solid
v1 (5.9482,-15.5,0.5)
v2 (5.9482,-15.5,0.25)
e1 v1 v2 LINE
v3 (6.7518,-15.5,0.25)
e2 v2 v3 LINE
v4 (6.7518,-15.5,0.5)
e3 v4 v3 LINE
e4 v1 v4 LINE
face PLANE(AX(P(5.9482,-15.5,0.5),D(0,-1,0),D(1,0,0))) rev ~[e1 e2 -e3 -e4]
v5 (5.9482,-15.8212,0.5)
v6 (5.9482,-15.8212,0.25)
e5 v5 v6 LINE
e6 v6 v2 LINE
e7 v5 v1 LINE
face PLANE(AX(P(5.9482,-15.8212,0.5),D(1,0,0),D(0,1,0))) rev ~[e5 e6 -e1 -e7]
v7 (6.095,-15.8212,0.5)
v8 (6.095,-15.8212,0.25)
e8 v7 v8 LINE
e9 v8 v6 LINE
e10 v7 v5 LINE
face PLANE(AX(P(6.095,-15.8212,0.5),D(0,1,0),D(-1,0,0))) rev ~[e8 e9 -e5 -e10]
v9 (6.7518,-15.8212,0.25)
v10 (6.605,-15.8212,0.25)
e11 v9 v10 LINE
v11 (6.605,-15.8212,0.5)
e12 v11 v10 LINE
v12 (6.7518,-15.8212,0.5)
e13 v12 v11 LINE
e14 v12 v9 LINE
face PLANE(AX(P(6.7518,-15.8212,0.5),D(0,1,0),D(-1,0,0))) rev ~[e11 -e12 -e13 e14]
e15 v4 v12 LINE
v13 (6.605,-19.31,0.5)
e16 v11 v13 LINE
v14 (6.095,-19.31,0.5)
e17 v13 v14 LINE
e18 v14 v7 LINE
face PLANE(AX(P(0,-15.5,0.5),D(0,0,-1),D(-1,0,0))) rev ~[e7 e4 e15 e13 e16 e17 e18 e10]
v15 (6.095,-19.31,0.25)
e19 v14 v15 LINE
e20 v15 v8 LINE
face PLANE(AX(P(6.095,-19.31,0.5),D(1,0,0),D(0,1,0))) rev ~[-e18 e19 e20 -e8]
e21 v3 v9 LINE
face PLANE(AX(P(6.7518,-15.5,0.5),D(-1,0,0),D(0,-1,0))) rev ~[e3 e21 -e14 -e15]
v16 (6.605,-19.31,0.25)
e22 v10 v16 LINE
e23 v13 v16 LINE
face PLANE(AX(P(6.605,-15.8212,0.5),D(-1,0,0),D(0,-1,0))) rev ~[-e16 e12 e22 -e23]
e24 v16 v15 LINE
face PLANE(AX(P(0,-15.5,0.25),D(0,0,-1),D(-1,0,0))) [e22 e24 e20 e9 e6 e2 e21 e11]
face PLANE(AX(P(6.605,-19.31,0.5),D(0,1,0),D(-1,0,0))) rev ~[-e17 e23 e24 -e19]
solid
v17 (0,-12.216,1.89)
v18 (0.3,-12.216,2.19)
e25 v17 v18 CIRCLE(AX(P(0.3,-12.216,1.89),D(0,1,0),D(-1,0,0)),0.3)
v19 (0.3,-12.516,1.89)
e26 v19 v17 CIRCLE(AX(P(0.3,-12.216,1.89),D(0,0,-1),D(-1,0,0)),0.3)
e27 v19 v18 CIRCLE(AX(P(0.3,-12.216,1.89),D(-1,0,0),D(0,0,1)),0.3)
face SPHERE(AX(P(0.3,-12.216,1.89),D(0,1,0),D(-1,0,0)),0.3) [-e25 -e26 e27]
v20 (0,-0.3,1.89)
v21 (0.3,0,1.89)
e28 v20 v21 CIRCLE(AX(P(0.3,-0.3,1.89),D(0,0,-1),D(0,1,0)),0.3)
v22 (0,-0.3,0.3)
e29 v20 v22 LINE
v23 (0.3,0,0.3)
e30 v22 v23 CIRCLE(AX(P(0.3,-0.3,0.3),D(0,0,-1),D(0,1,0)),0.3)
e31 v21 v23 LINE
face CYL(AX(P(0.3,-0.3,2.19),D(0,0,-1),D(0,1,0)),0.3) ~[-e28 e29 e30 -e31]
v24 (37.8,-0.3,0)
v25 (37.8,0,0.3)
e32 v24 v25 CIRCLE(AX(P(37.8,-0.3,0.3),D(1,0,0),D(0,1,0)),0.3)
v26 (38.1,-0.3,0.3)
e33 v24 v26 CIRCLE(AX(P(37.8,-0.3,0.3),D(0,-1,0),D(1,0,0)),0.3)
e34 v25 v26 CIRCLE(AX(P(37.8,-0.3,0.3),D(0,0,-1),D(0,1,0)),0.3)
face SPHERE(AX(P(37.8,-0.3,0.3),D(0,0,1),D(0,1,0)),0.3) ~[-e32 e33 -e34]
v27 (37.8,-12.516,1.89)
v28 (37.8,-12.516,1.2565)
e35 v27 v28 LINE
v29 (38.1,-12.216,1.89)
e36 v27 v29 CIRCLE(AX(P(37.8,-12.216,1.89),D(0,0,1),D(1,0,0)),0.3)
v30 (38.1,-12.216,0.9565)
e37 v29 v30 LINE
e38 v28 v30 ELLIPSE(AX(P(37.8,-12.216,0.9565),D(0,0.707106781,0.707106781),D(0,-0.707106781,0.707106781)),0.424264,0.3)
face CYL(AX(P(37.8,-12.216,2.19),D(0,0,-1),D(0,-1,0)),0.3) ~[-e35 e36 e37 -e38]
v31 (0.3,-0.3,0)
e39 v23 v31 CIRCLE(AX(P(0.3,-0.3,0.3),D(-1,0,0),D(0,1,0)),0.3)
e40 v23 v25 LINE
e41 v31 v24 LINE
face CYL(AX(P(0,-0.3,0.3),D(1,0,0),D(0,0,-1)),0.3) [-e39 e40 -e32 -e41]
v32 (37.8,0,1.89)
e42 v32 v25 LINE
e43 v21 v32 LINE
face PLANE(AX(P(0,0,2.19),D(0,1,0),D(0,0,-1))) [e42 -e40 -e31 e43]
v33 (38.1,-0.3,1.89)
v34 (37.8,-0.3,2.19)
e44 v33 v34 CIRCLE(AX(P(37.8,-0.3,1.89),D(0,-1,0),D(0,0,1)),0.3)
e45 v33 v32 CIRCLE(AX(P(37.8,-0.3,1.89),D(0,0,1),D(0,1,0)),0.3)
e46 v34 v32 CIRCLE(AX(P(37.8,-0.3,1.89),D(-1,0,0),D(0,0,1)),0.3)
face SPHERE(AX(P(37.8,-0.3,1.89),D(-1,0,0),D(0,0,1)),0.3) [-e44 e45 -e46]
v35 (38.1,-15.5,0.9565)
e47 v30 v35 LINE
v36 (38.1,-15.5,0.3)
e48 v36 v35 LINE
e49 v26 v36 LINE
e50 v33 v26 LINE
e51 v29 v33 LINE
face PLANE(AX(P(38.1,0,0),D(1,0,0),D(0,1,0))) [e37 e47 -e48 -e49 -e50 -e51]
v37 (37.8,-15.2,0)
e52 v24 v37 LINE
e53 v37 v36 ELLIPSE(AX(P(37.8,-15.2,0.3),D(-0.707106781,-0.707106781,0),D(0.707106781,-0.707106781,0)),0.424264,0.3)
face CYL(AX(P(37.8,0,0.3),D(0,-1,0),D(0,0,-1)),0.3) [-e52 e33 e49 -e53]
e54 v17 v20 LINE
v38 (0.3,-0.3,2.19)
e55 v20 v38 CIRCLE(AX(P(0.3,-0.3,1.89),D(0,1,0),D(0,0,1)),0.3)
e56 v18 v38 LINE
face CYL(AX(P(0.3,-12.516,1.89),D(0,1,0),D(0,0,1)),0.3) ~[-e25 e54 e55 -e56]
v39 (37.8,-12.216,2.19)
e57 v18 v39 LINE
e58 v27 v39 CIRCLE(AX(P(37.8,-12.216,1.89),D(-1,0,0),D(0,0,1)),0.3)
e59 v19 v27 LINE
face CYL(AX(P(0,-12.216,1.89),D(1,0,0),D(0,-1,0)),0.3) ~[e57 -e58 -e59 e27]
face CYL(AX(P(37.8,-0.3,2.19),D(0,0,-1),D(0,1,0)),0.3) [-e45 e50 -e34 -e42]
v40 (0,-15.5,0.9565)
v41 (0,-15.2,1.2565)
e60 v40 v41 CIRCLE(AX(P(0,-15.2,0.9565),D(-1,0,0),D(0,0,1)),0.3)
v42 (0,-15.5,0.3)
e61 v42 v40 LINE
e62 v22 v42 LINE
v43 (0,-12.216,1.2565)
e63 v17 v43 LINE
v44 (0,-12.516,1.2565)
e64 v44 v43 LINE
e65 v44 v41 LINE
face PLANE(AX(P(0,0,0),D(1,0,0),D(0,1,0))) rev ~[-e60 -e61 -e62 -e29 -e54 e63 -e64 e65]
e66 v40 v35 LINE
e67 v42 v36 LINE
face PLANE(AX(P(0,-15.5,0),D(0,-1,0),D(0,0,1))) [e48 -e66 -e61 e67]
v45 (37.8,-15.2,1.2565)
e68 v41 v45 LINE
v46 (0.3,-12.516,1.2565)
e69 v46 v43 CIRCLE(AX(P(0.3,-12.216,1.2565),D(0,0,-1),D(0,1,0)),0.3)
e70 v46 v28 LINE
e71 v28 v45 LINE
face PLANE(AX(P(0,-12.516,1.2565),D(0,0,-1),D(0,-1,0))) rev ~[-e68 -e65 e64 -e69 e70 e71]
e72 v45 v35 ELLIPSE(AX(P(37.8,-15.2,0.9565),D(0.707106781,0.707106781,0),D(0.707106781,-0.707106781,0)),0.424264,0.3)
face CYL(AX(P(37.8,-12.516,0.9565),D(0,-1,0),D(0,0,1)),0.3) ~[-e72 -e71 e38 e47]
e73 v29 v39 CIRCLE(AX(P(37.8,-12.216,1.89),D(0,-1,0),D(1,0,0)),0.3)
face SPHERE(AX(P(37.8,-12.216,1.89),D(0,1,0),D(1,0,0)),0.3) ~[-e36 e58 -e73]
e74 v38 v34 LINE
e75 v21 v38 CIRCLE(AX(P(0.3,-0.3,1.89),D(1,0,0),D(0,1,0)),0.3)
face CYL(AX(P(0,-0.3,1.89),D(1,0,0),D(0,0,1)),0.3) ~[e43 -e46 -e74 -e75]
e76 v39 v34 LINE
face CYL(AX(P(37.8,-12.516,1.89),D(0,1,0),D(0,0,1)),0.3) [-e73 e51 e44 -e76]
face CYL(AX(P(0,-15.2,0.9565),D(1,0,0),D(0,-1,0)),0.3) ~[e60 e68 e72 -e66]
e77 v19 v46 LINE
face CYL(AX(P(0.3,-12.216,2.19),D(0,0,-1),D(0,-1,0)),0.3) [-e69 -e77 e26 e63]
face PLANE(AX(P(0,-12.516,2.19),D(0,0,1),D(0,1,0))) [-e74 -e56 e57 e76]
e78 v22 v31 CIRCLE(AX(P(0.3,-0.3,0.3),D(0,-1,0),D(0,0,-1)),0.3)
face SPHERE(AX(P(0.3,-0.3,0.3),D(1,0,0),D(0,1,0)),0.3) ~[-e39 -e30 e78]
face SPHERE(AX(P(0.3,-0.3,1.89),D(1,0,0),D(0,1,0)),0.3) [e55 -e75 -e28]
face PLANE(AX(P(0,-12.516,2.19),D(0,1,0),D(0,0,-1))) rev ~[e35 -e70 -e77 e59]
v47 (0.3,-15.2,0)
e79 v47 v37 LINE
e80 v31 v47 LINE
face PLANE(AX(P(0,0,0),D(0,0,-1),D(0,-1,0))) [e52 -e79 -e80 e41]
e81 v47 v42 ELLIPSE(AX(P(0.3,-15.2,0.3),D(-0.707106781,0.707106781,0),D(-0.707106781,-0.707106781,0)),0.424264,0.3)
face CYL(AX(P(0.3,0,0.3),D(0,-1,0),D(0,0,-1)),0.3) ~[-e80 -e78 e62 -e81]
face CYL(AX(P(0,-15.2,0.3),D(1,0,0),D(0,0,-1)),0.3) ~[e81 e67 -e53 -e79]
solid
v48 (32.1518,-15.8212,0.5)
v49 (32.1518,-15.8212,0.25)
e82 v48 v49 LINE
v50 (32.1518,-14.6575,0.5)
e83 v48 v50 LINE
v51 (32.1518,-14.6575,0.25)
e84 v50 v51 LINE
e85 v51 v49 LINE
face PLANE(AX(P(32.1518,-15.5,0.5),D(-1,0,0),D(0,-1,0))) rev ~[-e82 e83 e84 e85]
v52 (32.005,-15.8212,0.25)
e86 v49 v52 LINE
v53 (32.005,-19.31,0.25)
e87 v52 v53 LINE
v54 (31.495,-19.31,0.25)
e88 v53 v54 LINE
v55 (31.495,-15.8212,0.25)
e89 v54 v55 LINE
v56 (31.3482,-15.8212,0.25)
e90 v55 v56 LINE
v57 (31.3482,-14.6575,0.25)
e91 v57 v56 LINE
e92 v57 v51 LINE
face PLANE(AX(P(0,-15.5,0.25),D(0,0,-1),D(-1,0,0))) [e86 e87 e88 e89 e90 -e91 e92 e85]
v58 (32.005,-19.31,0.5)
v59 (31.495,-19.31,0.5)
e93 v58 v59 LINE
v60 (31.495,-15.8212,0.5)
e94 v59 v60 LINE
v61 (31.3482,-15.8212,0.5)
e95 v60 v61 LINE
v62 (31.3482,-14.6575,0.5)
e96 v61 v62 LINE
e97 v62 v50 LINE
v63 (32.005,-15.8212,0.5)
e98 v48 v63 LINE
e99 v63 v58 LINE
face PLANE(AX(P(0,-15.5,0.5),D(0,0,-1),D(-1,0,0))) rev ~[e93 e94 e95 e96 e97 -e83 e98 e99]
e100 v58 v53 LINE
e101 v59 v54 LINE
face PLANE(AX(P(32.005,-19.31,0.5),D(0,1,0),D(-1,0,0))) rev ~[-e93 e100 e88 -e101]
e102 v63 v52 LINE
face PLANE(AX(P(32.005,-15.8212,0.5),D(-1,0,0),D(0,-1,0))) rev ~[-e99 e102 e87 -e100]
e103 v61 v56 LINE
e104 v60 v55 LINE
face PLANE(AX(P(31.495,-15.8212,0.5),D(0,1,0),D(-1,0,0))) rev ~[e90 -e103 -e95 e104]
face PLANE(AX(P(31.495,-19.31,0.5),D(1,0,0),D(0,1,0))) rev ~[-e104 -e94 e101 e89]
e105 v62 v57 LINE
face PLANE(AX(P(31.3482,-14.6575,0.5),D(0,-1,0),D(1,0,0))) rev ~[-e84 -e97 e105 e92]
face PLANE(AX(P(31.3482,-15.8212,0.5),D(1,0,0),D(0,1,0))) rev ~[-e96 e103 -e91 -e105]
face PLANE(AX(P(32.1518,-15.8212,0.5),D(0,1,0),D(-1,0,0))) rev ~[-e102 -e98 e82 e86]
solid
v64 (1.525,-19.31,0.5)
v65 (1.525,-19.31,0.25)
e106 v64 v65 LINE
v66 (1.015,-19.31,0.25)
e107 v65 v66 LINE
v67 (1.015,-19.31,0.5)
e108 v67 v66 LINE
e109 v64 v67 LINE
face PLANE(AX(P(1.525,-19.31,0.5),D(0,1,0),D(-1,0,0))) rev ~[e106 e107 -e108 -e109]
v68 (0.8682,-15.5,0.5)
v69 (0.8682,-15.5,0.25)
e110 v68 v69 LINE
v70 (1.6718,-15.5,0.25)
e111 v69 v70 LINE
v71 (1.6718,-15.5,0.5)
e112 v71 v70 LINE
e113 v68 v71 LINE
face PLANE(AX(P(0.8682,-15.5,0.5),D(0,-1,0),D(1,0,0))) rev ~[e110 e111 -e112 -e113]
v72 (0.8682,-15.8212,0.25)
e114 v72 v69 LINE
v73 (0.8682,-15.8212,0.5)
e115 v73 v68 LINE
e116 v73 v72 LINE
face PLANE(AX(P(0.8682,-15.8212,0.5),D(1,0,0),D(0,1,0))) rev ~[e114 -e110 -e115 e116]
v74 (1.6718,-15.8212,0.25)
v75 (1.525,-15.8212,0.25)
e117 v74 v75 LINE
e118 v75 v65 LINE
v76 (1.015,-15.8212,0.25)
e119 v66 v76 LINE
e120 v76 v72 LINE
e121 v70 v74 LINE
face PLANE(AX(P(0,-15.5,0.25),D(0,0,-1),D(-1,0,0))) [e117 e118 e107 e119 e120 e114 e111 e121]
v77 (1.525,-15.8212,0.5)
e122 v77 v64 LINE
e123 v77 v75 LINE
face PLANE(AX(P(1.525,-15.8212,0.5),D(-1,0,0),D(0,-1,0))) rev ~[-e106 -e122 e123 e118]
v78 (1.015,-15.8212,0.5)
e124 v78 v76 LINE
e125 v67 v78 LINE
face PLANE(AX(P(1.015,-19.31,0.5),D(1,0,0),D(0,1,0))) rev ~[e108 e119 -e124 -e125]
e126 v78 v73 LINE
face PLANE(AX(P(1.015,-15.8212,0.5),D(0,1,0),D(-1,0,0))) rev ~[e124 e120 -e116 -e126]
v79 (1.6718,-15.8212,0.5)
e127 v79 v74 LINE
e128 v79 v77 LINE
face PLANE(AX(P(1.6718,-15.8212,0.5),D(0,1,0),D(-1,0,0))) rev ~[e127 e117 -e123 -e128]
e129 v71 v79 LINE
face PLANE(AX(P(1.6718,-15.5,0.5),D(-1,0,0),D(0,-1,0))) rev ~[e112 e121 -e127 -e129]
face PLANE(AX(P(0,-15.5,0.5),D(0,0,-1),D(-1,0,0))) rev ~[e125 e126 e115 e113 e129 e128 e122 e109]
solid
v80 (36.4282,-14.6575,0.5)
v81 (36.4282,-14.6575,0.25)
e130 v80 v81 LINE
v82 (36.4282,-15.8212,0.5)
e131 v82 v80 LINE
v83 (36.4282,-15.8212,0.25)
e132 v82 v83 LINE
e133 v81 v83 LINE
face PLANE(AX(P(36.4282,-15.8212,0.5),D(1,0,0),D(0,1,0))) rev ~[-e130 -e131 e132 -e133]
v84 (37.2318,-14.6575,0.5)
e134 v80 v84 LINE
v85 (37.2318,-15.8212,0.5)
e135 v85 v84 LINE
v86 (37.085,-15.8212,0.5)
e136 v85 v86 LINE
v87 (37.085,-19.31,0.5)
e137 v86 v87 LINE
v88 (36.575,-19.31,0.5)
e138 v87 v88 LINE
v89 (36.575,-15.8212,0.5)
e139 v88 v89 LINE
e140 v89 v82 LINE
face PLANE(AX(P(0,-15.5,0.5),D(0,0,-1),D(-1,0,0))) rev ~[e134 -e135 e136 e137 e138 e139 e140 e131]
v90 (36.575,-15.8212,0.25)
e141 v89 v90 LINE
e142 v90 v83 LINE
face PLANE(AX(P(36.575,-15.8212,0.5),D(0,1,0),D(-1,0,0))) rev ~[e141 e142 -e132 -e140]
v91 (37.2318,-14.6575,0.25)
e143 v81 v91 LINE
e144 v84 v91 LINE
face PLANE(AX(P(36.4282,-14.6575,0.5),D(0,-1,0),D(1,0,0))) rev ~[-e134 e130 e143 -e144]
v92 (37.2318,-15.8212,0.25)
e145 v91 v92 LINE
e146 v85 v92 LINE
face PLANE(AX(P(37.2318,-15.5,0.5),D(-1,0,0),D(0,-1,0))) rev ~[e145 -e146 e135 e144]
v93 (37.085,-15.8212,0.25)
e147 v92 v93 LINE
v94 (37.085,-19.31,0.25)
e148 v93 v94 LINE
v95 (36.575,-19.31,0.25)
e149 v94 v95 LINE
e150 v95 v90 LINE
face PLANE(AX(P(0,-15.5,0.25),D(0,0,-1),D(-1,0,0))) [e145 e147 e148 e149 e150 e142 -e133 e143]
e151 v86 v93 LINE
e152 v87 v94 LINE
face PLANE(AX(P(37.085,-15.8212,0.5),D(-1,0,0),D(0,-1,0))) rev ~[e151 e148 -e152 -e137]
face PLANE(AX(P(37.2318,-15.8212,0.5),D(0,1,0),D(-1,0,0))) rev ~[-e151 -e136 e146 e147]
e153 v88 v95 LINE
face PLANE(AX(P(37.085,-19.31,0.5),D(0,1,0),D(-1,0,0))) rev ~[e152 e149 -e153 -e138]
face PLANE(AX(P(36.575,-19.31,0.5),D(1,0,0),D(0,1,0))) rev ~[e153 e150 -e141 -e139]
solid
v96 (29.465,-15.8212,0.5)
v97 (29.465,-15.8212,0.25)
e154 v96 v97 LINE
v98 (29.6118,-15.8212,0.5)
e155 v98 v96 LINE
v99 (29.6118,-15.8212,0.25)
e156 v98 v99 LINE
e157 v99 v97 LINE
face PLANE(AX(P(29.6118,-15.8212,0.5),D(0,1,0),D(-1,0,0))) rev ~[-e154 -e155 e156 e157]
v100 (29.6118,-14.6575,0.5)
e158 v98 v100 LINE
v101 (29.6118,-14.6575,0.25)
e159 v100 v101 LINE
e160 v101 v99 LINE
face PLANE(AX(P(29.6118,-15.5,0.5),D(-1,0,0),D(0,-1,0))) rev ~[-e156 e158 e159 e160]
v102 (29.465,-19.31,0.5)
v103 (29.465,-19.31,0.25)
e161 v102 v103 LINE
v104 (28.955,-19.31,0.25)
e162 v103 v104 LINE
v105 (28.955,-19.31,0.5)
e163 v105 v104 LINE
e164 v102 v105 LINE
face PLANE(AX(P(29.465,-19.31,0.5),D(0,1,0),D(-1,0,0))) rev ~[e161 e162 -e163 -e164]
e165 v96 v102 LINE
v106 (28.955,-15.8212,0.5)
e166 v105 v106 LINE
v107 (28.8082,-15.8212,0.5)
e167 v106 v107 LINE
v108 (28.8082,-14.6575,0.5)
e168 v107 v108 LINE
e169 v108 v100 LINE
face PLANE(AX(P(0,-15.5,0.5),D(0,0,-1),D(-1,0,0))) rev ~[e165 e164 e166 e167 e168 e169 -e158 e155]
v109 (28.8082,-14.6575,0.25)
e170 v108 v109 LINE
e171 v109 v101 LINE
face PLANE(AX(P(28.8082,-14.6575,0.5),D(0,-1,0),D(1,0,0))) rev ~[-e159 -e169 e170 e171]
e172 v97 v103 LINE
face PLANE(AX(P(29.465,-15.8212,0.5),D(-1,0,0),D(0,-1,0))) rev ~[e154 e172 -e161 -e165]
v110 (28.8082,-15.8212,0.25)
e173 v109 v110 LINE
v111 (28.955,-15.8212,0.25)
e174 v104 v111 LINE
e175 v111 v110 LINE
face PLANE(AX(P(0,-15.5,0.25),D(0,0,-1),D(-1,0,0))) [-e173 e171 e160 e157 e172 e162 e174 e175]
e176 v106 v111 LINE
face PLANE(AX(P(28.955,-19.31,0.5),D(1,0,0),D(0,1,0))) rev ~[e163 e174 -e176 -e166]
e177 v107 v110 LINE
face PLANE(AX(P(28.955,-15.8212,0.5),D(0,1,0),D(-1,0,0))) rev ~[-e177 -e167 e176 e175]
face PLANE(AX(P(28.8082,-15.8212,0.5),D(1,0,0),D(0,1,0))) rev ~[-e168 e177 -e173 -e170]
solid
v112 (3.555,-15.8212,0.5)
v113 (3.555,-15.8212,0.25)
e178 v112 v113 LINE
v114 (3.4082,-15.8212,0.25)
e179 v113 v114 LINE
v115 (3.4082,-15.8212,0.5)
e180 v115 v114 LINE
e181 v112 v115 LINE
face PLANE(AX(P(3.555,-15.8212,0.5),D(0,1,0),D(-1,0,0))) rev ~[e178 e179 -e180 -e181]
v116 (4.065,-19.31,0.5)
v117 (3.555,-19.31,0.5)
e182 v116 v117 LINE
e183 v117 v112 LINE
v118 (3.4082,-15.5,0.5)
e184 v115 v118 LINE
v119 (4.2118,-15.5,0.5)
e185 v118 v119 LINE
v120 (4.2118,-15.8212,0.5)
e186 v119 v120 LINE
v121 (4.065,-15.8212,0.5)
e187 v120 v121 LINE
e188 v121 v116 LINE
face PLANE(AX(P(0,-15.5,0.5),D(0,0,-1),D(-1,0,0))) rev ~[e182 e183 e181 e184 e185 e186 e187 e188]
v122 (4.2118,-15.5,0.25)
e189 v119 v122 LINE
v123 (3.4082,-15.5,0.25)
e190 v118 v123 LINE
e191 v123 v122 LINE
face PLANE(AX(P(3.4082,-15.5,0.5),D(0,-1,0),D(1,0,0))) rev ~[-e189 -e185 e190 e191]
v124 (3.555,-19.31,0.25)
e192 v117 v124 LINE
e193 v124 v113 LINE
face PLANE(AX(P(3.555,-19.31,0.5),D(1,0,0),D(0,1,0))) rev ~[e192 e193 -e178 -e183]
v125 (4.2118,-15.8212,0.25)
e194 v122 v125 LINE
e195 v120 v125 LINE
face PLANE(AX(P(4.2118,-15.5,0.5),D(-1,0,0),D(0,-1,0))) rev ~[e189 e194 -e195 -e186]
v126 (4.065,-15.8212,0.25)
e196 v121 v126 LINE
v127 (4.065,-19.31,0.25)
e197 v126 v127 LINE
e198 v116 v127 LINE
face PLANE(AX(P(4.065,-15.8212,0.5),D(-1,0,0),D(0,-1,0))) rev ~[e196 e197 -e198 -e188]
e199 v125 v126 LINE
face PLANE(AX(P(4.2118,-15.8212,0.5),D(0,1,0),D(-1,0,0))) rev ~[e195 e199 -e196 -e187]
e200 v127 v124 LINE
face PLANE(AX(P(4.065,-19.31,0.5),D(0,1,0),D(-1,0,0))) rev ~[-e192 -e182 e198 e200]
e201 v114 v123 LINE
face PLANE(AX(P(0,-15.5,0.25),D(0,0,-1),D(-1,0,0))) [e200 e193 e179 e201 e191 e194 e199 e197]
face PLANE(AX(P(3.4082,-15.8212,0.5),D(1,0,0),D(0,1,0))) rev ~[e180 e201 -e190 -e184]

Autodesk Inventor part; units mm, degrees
ref_plane "YZ Plane" through (0, 0, 0) normal (1, 0, 0) x (0, 1, 0)
ref_plane "XZ Plane" through (0, 0, 0) normal (0, 1, 0) x (-1, 0, 0)
sketch "Sketch2" plane through (0, 0, 0) normal (1, 0, 0) x (0, 1, 0)
  line L0 (0, 0) -> (-15.5, 0)
  line L1 (-15.5, 0) -> (-15.5, 2.19)
  line L2 (-15.5, 2.19) -> (0, 2.19)
  line L3 (0, 2.19) -> (0, 0)
  line L4 (23.9967, 114.2131) -> (23.9967, -36.4561) construction
  line L5 (23.9967, -36.4561) -> (-43.3153, -36.4561) construction
  line L6 (-43.3153, -36.4561) -> (-43.3153, 114.2131) construction
  line L7 (-43.3153, 114.2131) -> (23.9967, 114.2131) construction
  line L8 (-15.5, 2.19) -> (-12.516, 2.19)
  line L9 (-12.516, 2.19) -> (-12.516, 1.2565)
  line L10 (-12.516, 1.2565) -> (-15.5, 1.2565)
  line L11 (-15.5, 1.2565) -> (-15.5, 2.19)
  dimension "d7" = 15.5
  dimension "d8" = 2.19
extrude "Extrusion1" add sketch "Sketch2" along normal blind 38.1 contours L0 L1 L10 L9 L2 L3
ref_plane "Work Plane1" through (0, -15.5, 0.5) normal (0, 0, -1) x (-1, 0, 0)
sketch "Sketch5" plane through (0, -15.5, 0.5) normal (0, 0, -1) x (-1, 0, 0)
  line L0 (-36.1887, 45.1667) -> (-36.1887, -19.1426) construction
  line L1 (-180.1369, -19.1426) -> (-180.1369, 45.1667) construction
  line L2 (-36.1887, -19.1426) -> (-180.1369, -19.1426) construction
  line L3 (-180.1369, 45.1667) -> (-36.1887, 45.1667) construction
  line L4 (-0.8682, 0.8425) -> (-1.6718, 0.8425)
  line L5 (-1.6718, 0.8425) -> (-1.6718, -0.3212)
  line L6 (-0.8682, -0.3212) -> (-0.8682, 0.8425)
  line L7 (-1.525, -0.3212) -> (-1.525, -3.81)
  line L8 (-1.525, -3.81) -> (-1.015, -3.81)
  line L9 (-1.015, -3.81) -> (-1.015, -0.3212)
  line L10 (0, 0) -> (-38.1, 0)
  line L11 (-3.4082, 0.8425) -> (-4.2118, 0.8425)
  line L12 (-4.2118, 0.8425) -> (-4.2118, -0.3212)
  line L13 (-3.4082, -0.3212) -> (-3.4082, 0.8425)
  line L14 (-3.555, -3.81) -> (-3.555, -0.3212)
  line L15 (-4.065, -0.3212) -> (-4.065, -3.81)
  line L16 (-4.065, -3.81) -> (-3.555, -3.81)
  line L17 (-5.9482, 0.8425) -> (-6.7518, 0.8425)
  line L18 (-6.7518, 0.8425) -> (-6.7518, -0.3212)
  line L19 (-5.9482, -0.3212) -> (-5.9482, 0.8425)
  line L20 (-6.095, -3.81) -> (-6.095, -0.3212)
  line L21 (-6.605, -0.3212) -> (-6.605, -3.81)
  line L22 (-6.605, -3.81) -> (-6.095, -3.81)
  line L23 (-28.8082, 0.8425) -> (-29.6118, 0.8425)
  line L24 (-28.8082, -0.3212) -> (-28.8082, 0.8425)
  line L25 (-29.6118, 0.8425) -> (-29.6118, -0.3212)
  line L26 (-29.465, -0.3212) -> (-29.465, -3.81)
  line L27 (-28.955, -3.81) -> (-28.955, -0.3212)
  line L28 (-29.465, -3.81) -> (-28.955, -3.81)
  line L29 (-31.3482, 0.8425) -> (-32.1518, 0.8425)
  line L30 (-31.3482, -0.3212) -> (-31.3482, 0.8425)
  line L31 (-32.1518, 0.8425) -> (-32.1518, -0.3212)
  line L32 (-32.005, -0.3212) -> (-32.005, -3.81)
  line L33 (-31.495, -3.81) -> (-31.495, -0.3212)
  line L34 (-32.005, -3.81) -> (-31.495, -3.81)
  line L35 (-36.4282, 0.8425) -> (-37.2318, 0.8425)
  line L36 (-36.4282, -0.3212) -> (-36.4282, 0.8425)
  line L37 (-37.2318, 0.8425) -> (-37.2318, -0.3212)
  line L38 (-37.085, -0.3212) -> (-37.085, -3.81)
  line L39 (-36.575, -3.81) -> (-36.575, -0.3212)
  line L40 (-37.085, -3.81) -> (-36.575, -3.81)
  line L41 (-37.2318, -0.3212) -> (-37.085, -0.3212)
  line L42 (-36.575, -0.3212) -> (-36.4282, -0.3212)
  line L43 (-32.1518, -0.3212) -> (-32.005, -0.3212)
  line L44 (-31.495, -0.3212) -> (-31.3482, -0.3212)
  line L45 (-29.6118, -0.3212) -> (-29.465, -0.3212)
  line L46 (-28.955, -0.3212) -> (-28.8082, -0.3212)
  line L47 (-6.7518, -0.3212) -> (-6.605, -0.3212)
  line L48 (-6.095, -0.3212) -> (-5.9482, -0.3212)
  line L49 (-4.2118, -0.3212) -> (-4.065, -0.3212)
  line L50 (-3.555, -0.3212) -> (-3.4082, -0.3212)
  line L51 (-1.6718, -0.3212) -> (-1.525, -0.3212)
  line L52 (-1.015, -0.3212) -> (-0.8682, -0.3212)
  point P0 (0, 15.5)
  point P1 (0, 15.5)
  point P2 (-1.27, -0.3212)
  point P3 (-1.27, -3.81)
  point P4 (-3.81, -3.81)
  point P5 (-6.35, -3.81)
  point P6 (-29.21, -3.81)
  point P7 (-31.75, -3.81)
  point P8 (-36.83, -3.81)
  point P9 (-3.4082, 0)
  point P10 (-4.2118, 0)
  point P11 (-5.9482, 0)
  point P12 (-6.7518, 0)
  point P13 (-0.8682, 0)
  point P14 (-1.6718, 0)
  dimension "d141" = 3.81
  dimension "d142" = 0.51
  dimension "d143" = 1.27
  dimension "d144" = 2.54
  dimension "d145" = 2.54
  dimension "d146" = 0.51
  dimension "d147" = 0.51
  dimension "d148" = 22.86
  dimension "d149" = 2.54
  dimension "d150" = 5.08
  dimension "d151" = 0.51
  dimension "d152" = 0.51
  dimension "d153" = 0.51
extrude "Extrusion2" add sketch "Sketch5" along normal blind 0.25 separate body contours L36 L42 L39 L40 L38 L41 L37 L10 | L10 L37 L35 L36 | L30 L44 L33 L34 L32 L43 L31 L10 | L10 L31 L29 L30 | L24 L46 L27 L28 L26 L45 L25 L10 | L10 L25 L23 L24 | L19 L48 L20 L22 L21 L47 L18 L10 | L13 L50 L14 L16 L15 L49 L12 L10 | L6 L52 L9 L8 L7 L51 L5 L10
fillet "Fillet1" radius 0.3 14 edges at (19.05, 0, 2.19) (38.1, -6.258, 2.19) (38.1, 0, 1.095) (19.05, 0, 0) (38.1, -7.75, 0) (0, 0, 1.095) (0, -7.75, 0) (0, -6.258, 2.19) (38.1, -14.008, 1.2565) (38.1, -12.516, 1.7233) (0, -12.516, 1.7233) (19.05, -12.516, 2.19) (19.05, -15.5, 1.2565) (19.05, -15.5, 0)
sketch "Sketch6" plane through (0.3, -12.216, 2.19) normal (0, 0, 1) x (1, 0, 0)
  line L0 (12.6469, 11.0633) -> (25.8407, 11.0633) construction
  line L1 (25.8407, 11.0633) -> (25.8407, 5.9657) construction
  line L2 (25.8407, 5.9657) -> (12.6469, 5.9657) construction
  line L3 (12.6469, 5.9657) -> (12.6469, 11.0633) construction
  point P0 (-0.3, 12.216)
decal "Decal1"
properties part number "CADDOCK - HDV5 - xxxx"
